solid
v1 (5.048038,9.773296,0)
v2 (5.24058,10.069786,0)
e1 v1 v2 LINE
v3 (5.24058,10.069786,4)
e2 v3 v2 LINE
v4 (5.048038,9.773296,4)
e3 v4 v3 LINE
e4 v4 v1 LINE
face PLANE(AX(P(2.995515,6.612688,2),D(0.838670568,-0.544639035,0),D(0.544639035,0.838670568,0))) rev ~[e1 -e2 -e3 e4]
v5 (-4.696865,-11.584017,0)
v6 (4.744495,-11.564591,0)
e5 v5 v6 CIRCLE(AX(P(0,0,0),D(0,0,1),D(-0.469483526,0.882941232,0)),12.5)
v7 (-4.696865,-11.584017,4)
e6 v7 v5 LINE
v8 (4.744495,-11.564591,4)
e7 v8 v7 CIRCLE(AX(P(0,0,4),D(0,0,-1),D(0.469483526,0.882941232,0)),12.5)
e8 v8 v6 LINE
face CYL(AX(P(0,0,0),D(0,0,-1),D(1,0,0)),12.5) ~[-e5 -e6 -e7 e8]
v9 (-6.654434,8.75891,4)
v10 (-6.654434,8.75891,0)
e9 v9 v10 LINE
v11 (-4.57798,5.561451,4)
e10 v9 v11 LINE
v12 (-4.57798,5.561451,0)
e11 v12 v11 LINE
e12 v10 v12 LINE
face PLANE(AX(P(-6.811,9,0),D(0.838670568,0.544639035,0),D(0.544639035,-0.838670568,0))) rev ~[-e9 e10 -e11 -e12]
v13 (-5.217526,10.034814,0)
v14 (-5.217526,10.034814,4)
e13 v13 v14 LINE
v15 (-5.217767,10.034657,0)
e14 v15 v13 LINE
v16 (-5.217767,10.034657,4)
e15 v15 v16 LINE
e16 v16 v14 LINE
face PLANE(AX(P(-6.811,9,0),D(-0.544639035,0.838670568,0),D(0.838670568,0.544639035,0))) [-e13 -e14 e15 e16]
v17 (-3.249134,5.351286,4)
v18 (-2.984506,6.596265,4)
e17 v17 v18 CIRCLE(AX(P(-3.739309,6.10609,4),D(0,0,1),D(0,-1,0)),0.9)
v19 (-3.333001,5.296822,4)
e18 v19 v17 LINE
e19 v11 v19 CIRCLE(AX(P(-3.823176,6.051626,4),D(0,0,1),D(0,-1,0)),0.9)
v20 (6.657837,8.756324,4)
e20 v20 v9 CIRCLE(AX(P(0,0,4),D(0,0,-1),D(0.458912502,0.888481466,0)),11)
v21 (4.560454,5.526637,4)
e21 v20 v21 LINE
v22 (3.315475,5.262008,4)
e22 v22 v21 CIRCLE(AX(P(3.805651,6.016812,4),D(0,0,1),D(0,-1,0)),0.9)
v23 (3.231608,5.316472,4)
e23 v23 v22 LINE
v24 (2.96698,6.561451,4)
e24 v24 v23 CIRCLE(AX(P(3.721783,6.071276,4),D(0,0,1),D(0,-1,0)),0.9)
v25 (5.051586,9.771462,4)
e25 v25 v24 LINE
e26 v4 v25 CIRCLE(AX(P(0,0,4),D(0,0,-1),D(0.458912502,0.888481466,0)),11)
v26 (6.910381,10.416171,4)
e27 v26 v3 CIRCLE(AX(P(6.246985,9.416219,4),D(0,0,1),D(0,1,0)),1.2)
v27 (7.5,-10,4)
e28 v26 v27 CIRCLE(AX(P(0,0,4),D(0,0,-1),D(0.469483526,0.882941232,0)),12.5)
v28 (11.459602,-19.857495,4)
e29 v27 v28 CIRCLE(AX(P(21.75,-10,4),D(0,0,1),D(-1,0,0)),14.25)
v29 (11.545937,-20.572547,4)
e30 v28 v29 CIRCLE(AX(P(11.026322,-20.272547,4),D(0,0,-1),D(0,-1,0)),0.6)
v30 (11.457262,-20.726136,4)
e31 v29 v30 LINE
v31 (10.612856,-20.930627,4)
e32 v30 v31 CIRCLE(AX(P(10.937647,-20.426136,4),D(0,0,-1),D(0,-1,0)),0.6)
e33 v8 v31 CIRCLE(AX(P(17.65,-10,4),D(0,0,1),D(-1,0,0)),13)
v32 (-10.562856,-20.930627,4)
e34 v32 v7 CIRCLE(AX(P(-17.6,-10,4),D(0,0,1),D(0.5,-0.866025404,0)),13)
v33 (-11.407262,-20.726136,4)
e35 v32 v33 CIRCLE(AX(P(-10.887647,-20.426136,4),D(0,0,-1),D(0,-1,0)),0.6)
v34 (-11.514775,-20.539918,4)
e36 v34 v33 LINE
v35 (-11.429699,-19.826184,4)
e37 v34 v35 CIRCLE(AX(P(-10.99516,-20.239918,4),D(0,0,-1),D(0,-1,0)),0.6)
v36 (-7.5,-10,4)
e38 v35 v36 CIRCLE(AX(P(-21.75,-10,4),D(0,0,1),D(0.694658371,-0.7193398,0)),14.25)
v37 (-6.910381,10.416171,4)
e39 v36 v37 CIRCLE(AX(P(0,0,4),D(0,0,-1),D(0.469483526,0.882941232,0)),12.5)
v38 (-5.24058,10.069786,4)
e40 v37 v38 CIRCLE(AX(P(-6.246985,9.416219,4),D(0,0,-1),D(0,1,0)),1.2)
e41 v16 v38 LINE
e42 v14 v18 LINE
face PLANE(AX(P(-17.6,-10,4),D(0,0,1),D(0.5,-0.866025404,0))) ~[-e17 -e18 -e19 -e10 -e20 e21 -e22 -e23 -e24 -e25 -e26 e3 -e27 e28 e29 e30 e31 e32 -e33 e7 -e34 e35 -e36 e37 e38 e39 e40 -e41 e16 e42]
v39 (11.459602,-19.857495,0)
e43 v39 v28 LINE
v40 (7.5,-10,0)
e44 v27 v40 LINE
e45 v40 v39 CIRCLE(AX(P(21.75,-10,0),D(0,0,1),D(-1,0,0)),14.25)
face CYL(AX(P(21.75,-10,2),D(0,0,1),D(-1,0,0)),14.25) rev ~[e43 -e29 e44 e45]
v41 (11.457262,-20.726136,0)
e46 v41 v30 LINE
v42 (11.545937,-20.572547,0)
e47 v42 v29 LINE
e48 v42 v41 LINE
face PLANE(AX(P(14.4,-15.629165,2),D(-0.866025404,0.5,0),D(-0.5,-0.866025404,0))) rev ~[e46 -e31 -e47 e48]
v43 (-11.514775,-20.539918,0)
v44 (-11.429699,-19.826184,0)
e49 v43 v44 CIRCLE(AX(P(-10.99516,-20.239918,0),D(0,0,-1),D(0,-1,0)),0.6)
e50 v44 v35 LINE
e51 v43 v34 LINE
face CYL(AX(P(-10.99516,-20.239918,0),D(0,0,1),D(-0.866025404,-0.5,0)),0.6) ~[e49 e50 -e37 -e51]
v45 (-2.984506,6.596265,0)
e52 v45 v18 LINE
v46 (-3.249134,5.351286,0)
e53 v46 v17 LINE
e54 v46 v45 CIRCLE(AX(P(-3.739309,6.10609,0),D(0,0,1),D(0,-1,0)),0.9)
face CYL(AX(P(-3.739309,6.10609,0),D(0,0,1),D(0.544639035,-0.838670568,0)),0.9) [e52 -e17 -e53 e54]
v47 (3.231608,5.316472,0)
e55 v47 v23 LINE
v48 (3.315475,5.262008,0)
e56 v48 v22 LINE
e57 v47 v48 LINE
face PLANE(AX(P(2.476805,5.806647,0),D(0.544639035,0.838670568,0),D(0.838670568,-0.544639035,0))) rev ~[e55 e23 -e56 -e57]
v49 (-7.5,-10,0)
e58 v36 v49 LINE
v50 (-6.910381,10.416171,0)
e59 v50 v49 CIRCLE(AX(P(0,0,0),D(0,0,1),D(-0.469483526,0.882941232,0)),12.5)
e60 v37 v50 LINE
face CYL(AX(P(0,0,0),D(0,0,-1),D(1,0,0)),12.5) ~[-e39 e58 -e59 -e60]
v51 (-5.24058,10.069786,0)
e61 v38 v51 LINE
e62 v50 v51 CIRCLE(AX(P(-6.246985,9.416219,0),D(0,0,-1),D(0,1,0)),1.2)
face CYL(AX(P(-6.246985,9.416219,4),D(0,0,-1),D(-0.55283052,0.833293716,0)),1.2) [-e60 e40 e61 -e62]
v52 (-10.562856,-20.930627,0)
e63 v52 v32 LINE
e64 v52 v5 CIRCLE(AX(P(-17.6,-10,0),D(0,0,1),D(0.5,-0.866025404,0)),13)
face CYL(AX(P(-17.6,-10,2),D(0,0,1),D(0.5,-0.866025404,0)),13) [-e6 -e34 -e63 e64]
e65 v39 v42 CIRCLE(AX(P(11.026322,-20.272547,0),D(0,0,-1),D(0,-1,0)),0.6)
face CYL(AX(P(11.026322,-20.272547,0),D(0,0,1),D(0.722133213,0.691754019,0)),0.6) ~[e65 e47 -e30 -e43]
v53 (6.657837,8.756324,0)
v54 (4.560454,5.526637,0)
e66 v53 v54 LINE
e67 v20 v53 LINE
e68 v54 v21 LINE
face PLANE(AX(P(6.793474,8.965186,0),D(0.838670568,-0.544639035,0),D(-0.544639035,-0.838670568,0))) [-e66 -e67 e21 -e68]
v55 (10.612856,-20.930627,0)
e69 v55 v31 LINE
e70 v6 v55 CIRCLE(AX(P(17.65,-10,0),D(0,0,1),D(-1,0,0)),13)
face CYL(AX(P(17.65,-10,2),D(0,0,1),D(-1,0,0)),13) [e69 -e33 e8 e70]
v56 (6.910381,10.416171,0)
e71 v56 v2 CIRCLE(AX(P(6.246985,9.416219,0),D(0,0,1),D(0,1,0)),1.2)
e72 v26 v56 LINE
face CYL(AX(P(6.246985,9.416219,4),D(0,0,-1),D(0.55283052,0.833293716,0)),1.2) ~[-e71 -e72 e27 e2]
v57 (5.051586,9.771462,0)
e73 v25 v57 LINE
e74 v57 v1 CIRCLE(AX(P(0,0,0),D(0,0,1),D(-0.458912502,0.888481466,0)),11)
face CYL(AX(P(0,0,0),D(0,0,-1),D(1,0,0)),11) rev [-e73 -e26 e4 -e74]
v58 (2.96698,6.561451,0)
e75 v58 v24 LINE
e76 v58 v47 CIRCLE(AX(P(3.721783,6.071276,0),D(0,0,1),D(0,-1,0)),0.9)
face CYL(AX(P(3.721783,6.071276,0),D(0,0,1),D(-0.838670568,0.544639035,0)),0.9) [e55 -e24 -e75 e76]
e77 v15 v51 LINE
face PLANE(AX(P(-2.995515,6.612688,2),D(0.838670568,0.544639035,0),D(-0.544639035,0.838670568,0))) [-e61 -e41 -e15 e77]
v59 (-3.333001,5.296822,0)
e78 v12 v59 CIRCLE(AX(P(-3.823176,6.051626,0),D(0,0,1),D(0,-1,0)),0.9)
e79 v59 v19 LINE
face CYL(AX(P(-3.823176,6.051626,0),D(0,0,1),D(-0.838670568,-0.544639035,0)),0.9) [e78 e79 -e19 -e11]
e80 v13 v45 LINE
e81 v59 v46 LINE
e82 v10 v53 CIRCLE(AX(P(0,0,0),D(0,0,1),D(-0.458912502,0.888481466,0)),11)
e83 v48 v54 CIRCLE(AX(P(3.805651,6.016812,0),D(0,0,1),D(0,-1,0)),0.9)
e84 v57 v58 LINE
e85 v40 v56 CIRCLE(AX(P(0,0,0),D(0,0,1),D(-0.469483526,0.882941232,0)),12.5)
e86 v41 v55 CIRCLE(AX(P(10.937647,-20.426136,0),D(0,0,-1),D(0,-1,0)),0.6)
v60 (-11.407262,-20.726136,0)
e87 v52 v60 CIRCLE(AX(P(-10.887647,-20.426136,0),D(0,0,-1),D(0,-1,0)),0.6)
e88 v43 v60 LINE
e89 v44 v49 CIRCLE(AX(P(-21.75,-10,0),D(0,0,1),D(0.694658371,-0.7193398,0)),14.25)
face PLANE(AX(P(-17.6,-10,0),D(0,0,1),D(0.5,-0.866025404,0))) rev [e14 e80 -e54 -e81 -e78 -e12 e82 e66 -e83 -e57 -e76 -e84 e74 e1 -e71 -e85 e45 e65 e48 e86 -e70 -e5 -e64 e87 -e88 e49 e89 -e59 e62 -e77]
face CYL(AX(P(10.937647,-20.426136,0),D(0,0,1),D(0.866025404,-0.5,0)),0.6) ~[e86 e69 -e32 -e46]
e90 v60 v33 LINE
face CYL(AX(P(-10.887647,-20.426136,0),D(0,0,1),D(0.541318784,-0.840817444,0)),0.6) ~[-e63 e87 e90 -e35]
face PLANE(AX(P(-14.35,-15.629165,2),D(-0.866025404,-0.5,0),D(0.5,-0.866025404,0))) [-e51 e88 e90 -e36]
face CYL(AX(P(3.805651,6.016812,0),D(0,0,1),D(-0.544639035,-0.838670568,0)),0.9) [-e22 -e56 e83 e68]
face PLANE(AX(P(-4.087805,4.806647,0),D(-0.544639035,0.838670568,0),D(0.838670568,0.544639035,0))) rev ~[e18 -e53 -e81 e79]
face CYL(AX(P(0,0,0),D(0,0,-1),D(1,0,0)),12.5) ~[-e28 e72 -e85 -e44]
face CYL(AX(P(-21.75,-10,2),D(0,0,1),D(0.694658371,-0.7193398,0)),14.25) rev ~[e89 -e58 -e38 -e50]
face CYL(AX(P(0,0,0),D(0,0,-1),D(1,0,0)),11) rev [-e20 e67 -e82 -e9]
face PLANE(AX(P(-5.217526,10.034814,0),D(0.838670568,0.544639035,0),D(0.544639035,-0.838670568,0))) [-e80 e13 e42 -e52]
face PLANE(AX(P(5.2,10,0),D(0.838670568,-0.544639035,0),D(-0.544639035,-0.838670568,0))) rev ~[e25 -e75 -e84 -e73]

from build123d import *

# Parameters (mm, degrees)
CYLINDER_R        = 12.5
CYLINDER_DEPTH    = 4
CYLINDER001_R     = 11
CYLINDER001_DEPTH = 4
CYLINDER002_W     = 11
CYLINDER002_H     = 4
CYLINDER002_ANGLE = 66
BOX_W             = 5
BOX_H             = 1.9
BOX_DEPTH         = 4
BOX001_W          = 5
BOX001_H          = 1.9
BOX001_DEPTH      = 4
CYLINDER003_W     = 13
CYLINDER003_H     = 4
CYLINDER003_ANGLE = 60
CYLINDER004_W     = 14.25
CYLINDER004_H     = 4
CYLINDER004_ANGLE = 46
CYLINDER005_W     = 13
CYLINDER005_H     = 4
CYLINDER005_ANGLE = 60
CYLINDER006_W     = 14.25
CYLINDER006_H     = 4
CYLINDER006_ANGLE = 46
FILLET_R          = 0.9
FILLET001_R       = 0.6
FILLET002_R       = 1.2


with BuildPart() as part:
    # Cylinder → Cylinder (join)
    with BuildSketch(Plane.XY):
        Circle(CYLINDER_R)
    extrude(amount=CYLINDER_DEPTH)

    # Cylinder001 → Cylinder001 (cut)
    with BuildSketch(Plane.XY):
        Circle(CYLINDER001_R)
    extrude(amount=CYLINDER001_DEPTH, mode=Mode.SUBTRACT)

    # Cylinder002 → Cylinder002 (revolve, cut)
    with BuildSketch(Plane(origin=(0, 2, 0), x_dir=(0.544639035, 0.8386705679, 0), z_dir=(0.8386705679, -0.544639035, 0))):
        with Locations((5.5, 2)):
            Rectangle(CYLINDER002_W, CYLINDER002_H)
    revolve(axis=Axis((0, 2, 0), (0, 0, 1)), revolution_arc=CYLINDER002_ANGLE, mode=Mode.SUBTRACT)

    # Box → Box (join)
    with BuildSketch(Plane(origin=(5.2, 10, 0), x_dir=(-0.544639035, -0.8386705679, 0), z_dir=(0, 0, 1))):
        with Locations((2.5, 0.95)):
            Rectangle(BOX_W, BOX_H)
    extrude(amount=BOX_DEPTH)

    # Box001 → Box001 (join)
    with BuildSketch(Plane(origin=(-6.811, 9, 0), x_dir=(0.544639035, -0.8386705679, 0), z_dir=(0, 0, 1))):
        with Locations((2.5, 0.95)):
            Rectangle(BOX001_W, BOX001_H)
    extrude(amount=BOX001_DEPTH)

    # Cylinder003 → Cylinder003 (revolve)
    with BuildSketch(Plane(origin=(17.65, -10, 0), x_dir=(-1, 0, 0), z_dir=(0, 1, 0))):
        with Locations((6.5, 2)):
            Rectangle(CYLINDER003_W, CYLINDER003_H)
    revolve(axis=Axis((17.65, -10, 0), (0, 0, 1)), revolution_arc=CYLINDER003_ANGLE)

    # Cylinder004 → Cylinder004 (revolve, cut)
    with BuildSketch(Plane(origin=(21.75, -10, 0), x_dir=(-1, 0, 0), z_dir=(0, 1, 0))):
        with Locations((7.125, 2)):
            Rectangle(CYLINDER004_W, CYLINDER004_H)
    revolve(axis=Axis((21.75, -10, 0), (0, 0, 1)), revolution_arc=CYLINDER004_ANGLE, mode=Mode.SUBTRACT)

    # Cylinder005 → Cylinder005 (revolve)
    with BuildSketch(Plane(origin=(-17.6, -10, 0), x_dir=(0.5, -0.8660254038, 0), z_dir=(-0.8660254038, -0.5, 0))):
        with Locations((6.5, 2)):
            Rectangle(CYLINDER005_W, CYLINDER005_H)
    revolve(axis=Axis((-17.6, -10, 0), (0, 0, 1)), revolution_arc=CYLINDER005_ANGLE)

    # Cylinder006 → Cylinder006 (revolve, cut)
    with BuildSketch(Plane(origin=(-21.75, -10, 0), x_dir=(0.6946583705, -0.7193398003, 0), z_dir=(-0.7193398003, -0.6946583705, 0))):
        with Locations((7.125, 2)):
            Rectangle(CYLINDER006_W, CYLINDER006_H)
    revolve(axis=Axis((-21.75, -10, 0), (0, 0, 1)), revolution_arc=CYLINDER006_ANGLE, mode=Mode.SUBTRACT)

    # Fillet
    fillet_edges = [part.edges().sort_by_distance(p)[0] for p in [
        (-4.087805, 4.806647, 2),
        (-2.494331, 5.841461, 2),
        (4.070279, 4.771833, 2),
        (2.476805, 5.806647, 2),
    ]]
    fillet(fillet_edges, radius=FILLET_R)

    # Fillet001
    fillet001_edges = [part.edges().sort_by_distance(p)[0] for p in [
        (11.15, -21.25833, 2),
        (11.774728, -20.176269, 2),
        (-11.742835, -20.144907, 2),
        (-11.1, -21.25833, 2),
    ]]
    fillet(fillet001_edges, radius=FILLET001_R)

    # Fillet002
    fillet002_edges = [part.edges().sort_by_distance(p)[0] for p in [
        (-5.868544, 11.036765, 2),
        (5.868544, 11.036765, 2),
    ]]
    fillet(fillet002_edges, radius=FILLET002_R)


solid = part.part
